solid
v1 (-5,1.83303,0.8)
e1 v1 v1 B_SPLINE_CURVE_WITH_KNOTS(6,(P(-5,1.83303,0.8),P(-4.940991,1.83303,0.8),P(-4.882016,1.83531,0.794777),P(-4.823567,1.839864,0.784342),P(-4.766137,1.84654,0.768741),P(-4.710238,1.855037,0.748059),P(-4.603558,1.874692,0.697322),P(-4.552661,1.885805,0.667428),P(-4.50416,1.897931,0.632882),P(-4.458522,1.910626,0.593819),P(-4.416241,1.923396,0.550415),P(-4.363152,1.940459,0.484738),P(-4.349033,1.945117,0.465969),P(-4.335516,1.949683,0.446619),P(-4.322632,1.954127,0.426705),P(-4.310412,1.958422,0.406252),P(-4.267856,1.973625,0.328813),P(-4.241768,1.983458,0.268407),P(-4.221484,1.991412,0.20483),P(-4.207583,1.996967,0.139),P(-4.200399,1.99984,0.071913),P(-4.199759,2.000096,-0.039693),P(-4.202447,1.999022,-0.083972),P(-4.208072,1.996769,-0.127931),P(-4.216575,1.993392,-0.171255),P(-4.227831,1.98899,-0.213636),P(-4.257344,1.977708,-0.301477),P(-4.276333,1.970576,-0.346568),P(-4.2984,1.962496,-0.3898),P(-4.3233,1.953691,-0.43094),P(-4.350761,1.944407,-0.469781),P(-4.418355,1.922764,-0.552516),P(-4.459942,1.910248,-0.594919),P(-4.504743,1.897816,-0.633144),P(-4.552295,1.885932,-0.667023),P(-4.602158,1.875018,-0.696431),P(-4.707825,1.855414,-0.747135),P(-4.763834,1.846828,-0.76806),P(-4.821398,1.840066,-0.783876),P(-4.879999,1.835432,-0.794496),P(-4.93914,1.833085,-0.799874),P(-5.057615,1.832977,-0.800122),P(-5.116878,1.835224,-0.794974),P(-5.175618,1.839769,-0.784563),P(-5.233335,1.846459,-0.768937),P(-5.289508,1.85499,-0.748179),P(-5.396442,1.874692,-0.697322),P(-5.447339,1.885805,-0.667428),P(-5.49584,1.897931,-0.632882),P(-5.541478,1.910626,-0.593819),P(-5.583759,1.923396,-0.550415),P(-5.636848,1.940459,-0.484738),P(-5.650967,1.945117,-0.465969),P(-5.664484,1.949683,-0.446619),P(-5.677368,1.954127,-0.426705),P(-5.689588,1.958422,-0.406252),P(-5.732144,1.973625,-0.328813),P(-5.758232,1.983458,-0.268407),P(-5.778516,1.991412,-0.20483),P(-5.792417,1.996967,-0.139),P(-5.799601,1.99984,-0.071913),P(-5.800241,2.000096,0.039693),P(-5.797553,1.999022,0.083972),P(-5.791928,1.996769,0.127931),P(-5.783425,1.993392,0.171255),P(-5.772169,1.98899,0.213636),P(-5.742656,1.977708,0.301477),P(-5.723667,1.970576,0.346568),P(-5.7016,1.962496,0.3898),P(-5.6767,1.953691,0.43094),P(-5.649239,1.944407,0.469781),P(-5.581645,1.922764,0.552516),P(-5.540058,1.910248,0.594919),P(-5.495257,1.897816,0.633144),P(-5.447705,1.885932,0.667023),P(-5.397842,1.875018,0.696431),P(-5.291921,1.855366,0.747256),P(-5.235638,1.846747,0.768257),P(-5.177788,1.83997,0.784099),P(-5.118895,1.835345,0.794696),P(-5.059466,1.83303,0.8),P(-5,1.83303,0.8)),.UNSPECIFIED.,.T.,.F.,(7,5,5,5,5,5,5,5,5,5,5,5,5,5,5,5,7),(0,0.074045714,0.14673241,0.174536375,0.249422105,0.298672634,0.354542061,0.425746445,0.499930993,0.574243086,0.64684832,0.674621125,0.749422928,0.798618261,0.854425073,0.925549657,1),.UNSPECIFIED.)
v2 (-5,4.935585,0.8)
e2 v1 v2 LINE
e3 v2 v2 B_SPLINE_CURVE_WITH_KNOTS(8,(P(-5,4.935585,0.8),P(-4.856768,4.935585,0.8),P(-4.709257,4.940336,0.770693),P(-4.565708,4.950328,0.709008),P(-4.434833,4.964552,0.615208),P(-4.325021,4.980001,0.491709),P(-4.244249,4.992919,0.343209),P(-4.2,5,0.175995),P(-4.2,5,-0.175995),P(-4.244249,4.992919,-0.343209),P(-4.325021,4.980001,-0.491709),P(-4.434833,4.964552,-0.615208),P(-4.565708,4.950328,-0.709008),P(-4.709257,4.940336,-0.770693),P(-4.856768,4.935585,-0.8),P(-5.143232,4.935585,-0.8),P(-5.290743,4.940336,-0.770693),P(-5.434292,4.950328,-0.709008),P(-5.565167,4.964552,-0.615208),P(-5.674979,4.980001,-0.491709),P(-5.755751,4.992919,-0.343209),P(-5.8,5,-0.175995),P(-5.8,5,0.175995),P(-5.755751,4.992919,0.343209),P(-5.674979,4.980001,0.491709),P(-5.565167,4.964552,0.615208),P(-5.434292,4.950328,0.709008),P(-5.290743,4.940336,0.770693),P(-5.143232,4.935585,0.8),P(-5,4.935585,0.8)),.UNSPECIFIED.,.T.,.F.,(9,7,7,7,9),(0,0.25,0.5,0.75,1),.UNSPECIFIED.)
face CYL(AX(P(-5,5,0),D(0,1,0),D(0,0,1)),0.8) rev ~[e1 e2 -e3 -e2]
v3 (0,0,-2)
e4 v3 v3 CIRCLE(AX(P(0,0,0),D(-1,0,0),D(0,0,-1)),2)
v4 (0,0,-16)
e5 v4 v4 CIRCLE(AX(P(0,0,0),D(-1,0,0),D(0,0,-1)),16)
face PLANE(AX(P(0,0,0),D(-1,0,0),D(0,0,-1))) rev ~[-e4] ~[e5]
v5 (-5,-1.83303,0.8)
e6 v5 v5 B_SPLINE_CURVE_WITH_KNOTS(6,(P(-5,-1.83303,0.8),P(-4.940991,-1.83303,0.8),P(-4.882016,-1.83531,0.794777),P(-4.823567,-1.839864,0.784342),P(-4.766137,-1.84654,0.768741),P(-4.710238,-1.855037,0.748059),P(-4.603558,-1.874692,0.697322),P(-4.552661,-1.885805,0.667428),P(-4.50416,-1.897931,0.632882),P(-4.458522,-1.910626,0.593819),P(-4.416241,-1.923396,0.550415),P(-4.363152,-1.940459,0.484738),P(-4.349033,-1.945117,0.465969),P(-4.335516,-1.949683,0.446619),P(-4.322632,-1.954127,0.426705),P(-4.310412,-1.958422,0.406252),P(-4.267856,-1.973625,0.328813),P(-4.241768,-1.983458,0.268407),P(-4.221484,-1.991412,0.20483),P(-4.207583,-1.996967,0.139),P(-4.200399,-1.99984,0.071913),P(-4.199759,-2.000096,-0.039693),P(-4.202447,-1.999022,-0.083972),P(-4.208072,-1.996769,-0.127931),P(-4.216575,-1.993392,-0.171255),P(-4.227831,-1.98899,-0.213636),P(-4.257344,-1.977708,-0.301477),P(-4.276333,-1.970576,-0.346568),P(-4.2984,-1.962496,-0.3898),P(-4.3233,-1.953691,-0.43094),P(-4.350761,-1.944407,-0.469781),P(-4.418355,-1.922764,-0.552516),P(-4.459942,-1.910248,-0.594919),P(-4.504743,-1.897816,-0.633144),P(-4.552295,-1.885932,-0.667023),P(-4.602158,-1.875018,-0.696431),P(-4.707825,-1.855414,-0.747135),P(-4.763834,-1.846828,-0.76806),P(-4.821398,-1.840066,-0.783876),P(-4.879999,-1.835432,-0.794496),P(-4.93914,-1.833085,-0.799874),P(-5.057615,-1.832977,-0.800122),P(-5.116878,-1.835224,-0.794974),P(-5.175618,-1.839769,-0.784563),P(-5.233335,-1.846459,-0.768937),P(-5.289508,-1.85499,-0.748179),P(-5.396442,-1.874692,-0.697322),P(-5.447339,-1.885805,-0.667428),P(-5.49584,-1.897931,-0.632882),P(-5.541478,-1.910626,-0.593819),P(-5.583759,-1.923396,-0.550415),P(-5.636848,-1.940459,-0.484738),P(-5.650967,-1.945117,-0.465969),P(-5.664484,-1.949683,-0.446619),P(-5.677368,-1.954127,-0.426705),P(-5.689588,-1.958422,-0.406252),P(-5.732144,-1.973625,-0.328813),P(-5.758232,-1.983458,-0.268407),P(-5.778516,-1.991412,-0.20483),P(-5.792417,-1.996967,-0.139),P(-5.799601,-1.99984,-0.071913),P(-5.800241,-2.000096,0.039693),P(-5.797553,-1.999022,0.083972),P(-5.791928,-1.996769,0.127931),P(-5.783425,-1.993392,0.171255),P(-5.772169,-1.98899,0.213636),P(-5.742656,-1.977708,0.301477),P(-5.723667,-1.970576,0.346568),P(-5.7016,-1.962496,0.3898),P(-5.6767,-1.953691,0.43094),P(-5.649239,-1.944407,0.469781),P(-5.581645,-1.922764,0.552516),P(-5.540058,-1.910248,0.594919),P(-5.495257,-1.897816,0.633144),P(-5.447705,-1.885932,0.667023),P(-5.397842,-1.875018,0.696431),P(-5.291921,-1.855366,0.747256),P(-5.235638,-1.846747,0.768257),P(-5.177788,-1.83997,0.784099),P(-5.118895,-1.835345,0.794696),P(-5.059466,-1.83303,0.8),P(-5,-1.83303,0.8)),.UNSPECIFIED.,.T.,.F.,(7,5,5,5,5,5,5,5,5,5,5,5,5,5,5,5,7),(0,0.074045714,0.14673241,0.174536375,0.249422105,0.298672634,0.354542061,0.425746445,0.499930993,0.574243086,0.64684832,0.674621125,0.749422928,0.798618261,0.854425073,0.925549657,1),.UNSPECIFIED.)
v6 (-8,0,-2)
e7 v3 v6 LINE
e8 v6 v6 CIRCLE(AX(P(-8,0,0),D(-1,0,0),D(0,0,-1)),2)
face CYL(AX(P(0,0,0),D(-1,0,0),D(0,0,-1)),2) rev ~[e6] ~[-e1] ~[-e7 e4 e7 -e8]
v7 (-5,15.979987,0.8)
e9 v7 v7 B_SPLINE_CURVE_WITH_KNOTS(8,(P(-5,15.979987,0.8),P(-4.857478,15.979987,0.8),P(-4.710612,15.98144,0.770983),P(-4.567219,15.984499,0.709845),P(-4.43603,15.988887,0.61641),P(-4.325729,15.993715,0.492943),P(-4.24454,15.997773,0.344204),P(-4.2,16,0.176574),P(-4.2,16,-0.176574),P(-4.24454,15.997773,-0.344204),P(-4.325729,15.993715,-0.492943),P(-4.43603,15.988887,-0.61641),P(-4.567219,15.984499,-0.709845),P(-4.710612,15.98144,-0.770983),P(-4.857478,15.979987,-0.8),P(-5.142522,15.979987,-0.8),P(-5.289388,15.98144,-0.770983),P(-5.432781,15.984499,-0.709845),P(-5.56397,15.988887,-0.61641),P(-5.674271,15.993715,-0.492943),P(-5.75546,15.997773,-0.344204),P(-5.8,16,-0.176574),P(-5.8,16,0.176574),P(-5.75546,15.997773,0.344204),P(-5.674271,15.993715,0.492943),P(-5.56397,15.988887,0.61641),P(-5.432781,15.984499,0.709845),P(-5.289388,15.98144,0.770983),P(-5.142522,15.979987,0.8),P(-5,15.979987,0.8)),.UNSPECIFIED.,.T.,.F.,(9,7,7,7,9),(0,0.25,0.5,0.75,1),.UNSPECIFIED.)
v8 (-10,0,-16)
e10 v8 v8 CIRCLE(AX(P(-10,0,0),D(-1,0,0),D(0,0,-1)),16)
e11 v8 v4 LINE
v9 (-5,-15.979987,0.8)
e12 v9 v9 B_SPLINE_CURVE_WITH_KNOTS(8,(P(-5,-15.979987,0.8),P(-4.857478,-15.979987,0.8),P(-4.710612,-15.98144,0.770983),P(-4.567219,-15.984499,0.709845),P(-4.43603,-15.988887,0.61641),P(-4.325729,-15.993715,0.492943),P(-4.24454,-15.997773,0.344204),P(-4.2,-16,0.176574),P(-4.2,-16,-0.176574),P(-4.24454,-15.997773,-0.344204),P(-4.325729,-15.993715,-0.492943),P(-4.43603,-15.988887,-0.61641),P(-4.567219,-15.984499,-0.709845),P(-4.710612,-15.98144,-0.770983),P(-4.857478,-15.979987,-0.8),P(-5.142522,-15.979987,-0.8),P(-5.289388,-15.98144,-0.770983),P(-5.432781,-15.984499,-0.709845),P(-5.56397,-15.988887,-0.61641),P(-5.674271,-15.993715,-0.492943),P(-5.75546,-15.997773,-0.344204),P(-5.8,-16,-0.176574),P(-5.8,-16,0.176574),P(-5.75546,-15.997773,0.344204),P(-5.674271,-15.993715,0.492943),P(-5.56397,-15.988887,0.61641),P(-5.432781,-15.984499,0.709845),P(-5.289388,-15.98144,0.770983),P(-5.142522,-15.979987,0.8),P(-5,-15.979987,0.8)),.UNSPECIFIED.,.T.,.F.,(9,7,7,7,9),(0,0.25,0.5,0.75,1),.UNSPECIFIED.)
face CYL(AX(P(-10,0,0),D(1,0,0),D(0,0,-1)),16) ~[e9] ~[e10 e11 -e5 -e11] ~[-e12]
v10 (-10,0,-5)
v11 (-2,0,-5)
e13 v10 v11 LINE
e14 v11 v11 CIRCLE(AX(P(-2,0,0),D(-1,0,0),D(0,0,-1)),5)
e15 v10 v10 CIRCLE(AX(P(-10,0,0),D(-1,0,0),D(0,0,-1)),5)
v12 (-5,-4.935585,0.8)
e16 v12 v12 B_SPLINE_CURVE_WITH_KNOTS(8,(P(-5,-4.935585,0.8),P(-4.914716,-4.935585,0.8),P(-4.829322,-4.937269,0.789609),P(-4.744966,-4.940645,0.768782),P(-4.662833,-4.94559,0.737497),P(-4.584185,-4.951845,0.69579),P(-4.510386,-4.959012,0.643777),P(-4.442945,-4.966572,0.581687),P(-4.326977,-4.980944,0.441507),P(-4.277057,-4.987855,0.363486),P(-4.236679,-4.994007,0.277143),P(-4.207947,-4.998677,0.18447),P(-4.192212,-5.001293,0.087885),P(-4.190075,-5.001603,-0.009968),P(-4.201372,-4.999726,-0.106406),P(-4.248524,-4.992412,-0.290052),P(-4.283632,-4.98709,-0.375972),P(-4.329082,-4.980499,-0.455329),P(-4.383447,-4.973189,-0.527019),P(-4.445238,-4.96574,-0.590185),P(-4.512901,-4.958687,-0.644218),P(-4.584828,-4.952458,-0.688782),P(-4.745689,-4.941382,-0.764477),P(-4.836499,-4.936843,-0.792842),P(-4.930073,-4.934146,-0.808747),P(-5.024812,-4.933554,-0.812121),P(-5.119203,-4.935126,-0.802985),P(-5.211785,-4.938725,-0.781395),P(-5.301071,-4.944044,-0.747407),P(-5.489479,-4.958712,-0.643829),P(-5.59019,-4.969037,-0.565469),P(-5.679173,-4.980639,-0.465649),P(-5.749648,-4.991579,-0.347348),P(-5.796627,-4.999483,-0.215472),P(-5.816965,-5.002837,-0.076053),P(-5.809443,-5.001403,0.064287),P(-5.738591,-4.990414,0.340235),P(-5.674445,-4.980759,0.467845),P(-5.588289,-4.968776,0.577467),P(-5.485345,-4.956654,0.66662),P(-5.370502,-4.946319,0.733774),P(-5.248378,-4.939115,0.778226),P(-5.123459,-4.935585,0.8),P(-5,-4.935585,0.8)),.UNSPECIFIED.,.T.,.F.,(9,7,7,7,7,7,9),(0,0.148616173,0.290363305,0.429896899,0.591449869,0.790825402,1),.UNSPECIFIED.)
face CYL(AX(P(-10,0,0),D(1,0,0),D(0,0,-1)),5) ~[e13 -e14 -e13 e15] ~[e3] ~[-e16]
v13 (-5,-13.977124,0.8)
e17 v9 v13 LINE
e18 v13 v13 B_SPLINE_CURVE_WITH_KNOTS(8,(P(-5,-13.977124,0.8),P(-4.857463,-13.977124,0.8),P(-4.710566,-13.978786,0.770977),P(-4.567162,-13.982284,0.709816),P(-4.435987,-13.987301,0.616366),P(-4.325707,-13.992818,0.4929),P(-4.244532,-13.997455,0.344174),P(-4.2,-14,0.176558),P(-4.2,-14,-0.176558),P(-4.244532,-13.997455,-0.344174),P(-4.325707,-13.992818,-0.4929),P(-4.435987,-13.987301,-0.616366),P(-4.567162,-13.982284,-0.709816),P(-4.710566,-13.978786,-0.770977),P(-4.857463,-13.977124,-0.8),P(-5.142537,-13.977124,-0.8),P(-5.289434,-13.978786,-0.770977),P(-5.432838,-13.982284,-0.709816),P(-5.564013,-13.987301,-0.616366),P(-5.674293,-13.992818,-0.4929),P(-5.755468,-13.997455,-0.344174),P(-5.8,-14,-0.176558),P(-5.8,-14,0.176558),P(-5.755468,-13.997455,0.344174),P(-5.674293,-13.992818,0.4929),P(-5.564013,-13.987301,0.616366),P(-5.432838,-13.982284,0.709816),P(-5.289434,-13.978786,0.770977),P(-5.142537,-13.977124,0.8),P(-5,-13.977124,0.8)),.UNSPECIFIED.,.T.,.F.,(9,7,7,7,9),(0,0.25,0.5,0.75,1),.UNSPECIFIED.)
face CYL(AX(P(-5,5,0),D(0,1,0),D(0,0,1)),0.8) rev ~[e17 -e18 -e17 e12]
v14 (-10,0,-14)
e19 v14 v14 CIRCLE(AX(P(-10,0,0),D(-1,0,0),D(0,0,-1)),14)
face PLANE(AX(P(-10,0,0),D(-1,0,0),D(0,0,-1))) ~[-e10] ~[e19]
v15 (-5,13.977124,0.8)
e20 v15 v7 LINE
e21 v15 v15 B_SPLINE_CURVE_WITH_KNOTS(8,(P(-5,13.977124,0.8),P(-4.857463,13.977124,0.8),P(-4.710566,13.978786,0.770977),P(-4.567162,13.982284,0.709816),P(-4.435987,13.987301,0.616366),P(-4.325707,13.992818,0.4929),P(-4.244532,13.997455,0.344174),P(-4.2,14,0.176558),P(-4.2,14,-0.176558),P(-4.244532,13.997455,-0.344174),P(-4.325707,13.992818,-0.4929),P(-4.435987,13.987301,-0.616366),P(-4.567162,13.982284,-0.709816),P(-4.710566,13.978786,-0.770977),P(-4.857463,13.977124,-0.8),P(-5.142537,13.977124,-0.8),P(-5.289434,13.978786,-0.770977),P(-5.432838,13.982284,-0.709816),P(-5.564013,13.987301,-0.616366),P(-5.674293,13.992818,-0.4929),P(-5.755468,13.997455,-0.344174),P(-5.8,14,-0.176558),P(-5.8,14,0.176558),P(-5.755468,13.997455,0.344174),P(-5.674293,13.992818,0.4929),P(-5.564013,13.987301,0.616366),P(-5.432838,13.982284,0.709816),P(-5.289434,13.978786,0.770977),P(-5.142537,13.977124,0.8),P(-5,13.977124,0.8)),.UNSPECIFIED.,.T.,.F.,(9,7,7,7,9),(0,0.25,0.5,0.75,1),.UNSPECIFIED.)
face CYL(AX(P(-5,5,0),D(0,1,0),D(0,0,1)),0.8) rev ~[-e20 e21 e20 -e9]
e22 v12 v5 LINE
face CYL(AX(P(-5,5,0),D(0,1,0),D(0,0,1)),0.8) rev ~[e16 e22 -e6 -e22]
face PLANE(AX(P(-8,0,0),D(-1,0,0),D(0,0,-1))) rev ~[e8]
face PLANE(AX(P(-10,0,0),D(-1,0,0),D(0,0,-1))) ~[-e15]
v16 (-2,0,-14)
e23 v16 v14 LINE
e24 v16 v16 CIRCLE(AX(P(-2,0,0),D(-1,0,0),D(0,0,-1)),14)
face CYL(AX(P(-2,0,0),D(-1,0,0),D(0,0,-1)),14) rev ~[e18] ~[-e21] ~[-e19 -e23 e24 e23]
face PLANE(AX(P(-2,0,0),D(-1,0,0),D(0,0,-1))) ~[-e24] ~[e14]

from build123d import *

# Parameters (mm, degrees)
ESBO_O6_R             = 0.8
CORTE_EXTRUS_O1_DEPTH = 35


with BuildPart() as part:
    # Esboço3 → Revolução1 (revolve)
    with BuildSketch(Plane.XY, mode=Mode.PRIVATE) as revolu_o1_sk:
        Polygon((0, 16), (0, 2), (-8, 2), (-8, 0), (-10, 0), (-10, 5), (-2, 5), (-2, 14), (-10, 14), (-10, 16), align=None)
    revolve(revolu_o1_sk.sketch.rotate(Axis((0, 0, 0), (-1, 0, 0)), 90), axis=Axis((0, 0, 0), (-1, 0, 0)))

    # Esboço6 → Corte-extrusão1 (cut, symmetric)
    with BuildSketch(Plane(origin=(0, 5, 0), x_dir=(1, 0, 0), z_dir=(0, 1, 0))):
        with Locations(Location((-5, 0, 0), (0, 0, 270))):
            Circle(ESBO_O6_R)
    extrude(amount=CORTE_EXTRUS_O1_DEPTH, both=True, mode=Mode.SUBTRACT)


solid = part.part
